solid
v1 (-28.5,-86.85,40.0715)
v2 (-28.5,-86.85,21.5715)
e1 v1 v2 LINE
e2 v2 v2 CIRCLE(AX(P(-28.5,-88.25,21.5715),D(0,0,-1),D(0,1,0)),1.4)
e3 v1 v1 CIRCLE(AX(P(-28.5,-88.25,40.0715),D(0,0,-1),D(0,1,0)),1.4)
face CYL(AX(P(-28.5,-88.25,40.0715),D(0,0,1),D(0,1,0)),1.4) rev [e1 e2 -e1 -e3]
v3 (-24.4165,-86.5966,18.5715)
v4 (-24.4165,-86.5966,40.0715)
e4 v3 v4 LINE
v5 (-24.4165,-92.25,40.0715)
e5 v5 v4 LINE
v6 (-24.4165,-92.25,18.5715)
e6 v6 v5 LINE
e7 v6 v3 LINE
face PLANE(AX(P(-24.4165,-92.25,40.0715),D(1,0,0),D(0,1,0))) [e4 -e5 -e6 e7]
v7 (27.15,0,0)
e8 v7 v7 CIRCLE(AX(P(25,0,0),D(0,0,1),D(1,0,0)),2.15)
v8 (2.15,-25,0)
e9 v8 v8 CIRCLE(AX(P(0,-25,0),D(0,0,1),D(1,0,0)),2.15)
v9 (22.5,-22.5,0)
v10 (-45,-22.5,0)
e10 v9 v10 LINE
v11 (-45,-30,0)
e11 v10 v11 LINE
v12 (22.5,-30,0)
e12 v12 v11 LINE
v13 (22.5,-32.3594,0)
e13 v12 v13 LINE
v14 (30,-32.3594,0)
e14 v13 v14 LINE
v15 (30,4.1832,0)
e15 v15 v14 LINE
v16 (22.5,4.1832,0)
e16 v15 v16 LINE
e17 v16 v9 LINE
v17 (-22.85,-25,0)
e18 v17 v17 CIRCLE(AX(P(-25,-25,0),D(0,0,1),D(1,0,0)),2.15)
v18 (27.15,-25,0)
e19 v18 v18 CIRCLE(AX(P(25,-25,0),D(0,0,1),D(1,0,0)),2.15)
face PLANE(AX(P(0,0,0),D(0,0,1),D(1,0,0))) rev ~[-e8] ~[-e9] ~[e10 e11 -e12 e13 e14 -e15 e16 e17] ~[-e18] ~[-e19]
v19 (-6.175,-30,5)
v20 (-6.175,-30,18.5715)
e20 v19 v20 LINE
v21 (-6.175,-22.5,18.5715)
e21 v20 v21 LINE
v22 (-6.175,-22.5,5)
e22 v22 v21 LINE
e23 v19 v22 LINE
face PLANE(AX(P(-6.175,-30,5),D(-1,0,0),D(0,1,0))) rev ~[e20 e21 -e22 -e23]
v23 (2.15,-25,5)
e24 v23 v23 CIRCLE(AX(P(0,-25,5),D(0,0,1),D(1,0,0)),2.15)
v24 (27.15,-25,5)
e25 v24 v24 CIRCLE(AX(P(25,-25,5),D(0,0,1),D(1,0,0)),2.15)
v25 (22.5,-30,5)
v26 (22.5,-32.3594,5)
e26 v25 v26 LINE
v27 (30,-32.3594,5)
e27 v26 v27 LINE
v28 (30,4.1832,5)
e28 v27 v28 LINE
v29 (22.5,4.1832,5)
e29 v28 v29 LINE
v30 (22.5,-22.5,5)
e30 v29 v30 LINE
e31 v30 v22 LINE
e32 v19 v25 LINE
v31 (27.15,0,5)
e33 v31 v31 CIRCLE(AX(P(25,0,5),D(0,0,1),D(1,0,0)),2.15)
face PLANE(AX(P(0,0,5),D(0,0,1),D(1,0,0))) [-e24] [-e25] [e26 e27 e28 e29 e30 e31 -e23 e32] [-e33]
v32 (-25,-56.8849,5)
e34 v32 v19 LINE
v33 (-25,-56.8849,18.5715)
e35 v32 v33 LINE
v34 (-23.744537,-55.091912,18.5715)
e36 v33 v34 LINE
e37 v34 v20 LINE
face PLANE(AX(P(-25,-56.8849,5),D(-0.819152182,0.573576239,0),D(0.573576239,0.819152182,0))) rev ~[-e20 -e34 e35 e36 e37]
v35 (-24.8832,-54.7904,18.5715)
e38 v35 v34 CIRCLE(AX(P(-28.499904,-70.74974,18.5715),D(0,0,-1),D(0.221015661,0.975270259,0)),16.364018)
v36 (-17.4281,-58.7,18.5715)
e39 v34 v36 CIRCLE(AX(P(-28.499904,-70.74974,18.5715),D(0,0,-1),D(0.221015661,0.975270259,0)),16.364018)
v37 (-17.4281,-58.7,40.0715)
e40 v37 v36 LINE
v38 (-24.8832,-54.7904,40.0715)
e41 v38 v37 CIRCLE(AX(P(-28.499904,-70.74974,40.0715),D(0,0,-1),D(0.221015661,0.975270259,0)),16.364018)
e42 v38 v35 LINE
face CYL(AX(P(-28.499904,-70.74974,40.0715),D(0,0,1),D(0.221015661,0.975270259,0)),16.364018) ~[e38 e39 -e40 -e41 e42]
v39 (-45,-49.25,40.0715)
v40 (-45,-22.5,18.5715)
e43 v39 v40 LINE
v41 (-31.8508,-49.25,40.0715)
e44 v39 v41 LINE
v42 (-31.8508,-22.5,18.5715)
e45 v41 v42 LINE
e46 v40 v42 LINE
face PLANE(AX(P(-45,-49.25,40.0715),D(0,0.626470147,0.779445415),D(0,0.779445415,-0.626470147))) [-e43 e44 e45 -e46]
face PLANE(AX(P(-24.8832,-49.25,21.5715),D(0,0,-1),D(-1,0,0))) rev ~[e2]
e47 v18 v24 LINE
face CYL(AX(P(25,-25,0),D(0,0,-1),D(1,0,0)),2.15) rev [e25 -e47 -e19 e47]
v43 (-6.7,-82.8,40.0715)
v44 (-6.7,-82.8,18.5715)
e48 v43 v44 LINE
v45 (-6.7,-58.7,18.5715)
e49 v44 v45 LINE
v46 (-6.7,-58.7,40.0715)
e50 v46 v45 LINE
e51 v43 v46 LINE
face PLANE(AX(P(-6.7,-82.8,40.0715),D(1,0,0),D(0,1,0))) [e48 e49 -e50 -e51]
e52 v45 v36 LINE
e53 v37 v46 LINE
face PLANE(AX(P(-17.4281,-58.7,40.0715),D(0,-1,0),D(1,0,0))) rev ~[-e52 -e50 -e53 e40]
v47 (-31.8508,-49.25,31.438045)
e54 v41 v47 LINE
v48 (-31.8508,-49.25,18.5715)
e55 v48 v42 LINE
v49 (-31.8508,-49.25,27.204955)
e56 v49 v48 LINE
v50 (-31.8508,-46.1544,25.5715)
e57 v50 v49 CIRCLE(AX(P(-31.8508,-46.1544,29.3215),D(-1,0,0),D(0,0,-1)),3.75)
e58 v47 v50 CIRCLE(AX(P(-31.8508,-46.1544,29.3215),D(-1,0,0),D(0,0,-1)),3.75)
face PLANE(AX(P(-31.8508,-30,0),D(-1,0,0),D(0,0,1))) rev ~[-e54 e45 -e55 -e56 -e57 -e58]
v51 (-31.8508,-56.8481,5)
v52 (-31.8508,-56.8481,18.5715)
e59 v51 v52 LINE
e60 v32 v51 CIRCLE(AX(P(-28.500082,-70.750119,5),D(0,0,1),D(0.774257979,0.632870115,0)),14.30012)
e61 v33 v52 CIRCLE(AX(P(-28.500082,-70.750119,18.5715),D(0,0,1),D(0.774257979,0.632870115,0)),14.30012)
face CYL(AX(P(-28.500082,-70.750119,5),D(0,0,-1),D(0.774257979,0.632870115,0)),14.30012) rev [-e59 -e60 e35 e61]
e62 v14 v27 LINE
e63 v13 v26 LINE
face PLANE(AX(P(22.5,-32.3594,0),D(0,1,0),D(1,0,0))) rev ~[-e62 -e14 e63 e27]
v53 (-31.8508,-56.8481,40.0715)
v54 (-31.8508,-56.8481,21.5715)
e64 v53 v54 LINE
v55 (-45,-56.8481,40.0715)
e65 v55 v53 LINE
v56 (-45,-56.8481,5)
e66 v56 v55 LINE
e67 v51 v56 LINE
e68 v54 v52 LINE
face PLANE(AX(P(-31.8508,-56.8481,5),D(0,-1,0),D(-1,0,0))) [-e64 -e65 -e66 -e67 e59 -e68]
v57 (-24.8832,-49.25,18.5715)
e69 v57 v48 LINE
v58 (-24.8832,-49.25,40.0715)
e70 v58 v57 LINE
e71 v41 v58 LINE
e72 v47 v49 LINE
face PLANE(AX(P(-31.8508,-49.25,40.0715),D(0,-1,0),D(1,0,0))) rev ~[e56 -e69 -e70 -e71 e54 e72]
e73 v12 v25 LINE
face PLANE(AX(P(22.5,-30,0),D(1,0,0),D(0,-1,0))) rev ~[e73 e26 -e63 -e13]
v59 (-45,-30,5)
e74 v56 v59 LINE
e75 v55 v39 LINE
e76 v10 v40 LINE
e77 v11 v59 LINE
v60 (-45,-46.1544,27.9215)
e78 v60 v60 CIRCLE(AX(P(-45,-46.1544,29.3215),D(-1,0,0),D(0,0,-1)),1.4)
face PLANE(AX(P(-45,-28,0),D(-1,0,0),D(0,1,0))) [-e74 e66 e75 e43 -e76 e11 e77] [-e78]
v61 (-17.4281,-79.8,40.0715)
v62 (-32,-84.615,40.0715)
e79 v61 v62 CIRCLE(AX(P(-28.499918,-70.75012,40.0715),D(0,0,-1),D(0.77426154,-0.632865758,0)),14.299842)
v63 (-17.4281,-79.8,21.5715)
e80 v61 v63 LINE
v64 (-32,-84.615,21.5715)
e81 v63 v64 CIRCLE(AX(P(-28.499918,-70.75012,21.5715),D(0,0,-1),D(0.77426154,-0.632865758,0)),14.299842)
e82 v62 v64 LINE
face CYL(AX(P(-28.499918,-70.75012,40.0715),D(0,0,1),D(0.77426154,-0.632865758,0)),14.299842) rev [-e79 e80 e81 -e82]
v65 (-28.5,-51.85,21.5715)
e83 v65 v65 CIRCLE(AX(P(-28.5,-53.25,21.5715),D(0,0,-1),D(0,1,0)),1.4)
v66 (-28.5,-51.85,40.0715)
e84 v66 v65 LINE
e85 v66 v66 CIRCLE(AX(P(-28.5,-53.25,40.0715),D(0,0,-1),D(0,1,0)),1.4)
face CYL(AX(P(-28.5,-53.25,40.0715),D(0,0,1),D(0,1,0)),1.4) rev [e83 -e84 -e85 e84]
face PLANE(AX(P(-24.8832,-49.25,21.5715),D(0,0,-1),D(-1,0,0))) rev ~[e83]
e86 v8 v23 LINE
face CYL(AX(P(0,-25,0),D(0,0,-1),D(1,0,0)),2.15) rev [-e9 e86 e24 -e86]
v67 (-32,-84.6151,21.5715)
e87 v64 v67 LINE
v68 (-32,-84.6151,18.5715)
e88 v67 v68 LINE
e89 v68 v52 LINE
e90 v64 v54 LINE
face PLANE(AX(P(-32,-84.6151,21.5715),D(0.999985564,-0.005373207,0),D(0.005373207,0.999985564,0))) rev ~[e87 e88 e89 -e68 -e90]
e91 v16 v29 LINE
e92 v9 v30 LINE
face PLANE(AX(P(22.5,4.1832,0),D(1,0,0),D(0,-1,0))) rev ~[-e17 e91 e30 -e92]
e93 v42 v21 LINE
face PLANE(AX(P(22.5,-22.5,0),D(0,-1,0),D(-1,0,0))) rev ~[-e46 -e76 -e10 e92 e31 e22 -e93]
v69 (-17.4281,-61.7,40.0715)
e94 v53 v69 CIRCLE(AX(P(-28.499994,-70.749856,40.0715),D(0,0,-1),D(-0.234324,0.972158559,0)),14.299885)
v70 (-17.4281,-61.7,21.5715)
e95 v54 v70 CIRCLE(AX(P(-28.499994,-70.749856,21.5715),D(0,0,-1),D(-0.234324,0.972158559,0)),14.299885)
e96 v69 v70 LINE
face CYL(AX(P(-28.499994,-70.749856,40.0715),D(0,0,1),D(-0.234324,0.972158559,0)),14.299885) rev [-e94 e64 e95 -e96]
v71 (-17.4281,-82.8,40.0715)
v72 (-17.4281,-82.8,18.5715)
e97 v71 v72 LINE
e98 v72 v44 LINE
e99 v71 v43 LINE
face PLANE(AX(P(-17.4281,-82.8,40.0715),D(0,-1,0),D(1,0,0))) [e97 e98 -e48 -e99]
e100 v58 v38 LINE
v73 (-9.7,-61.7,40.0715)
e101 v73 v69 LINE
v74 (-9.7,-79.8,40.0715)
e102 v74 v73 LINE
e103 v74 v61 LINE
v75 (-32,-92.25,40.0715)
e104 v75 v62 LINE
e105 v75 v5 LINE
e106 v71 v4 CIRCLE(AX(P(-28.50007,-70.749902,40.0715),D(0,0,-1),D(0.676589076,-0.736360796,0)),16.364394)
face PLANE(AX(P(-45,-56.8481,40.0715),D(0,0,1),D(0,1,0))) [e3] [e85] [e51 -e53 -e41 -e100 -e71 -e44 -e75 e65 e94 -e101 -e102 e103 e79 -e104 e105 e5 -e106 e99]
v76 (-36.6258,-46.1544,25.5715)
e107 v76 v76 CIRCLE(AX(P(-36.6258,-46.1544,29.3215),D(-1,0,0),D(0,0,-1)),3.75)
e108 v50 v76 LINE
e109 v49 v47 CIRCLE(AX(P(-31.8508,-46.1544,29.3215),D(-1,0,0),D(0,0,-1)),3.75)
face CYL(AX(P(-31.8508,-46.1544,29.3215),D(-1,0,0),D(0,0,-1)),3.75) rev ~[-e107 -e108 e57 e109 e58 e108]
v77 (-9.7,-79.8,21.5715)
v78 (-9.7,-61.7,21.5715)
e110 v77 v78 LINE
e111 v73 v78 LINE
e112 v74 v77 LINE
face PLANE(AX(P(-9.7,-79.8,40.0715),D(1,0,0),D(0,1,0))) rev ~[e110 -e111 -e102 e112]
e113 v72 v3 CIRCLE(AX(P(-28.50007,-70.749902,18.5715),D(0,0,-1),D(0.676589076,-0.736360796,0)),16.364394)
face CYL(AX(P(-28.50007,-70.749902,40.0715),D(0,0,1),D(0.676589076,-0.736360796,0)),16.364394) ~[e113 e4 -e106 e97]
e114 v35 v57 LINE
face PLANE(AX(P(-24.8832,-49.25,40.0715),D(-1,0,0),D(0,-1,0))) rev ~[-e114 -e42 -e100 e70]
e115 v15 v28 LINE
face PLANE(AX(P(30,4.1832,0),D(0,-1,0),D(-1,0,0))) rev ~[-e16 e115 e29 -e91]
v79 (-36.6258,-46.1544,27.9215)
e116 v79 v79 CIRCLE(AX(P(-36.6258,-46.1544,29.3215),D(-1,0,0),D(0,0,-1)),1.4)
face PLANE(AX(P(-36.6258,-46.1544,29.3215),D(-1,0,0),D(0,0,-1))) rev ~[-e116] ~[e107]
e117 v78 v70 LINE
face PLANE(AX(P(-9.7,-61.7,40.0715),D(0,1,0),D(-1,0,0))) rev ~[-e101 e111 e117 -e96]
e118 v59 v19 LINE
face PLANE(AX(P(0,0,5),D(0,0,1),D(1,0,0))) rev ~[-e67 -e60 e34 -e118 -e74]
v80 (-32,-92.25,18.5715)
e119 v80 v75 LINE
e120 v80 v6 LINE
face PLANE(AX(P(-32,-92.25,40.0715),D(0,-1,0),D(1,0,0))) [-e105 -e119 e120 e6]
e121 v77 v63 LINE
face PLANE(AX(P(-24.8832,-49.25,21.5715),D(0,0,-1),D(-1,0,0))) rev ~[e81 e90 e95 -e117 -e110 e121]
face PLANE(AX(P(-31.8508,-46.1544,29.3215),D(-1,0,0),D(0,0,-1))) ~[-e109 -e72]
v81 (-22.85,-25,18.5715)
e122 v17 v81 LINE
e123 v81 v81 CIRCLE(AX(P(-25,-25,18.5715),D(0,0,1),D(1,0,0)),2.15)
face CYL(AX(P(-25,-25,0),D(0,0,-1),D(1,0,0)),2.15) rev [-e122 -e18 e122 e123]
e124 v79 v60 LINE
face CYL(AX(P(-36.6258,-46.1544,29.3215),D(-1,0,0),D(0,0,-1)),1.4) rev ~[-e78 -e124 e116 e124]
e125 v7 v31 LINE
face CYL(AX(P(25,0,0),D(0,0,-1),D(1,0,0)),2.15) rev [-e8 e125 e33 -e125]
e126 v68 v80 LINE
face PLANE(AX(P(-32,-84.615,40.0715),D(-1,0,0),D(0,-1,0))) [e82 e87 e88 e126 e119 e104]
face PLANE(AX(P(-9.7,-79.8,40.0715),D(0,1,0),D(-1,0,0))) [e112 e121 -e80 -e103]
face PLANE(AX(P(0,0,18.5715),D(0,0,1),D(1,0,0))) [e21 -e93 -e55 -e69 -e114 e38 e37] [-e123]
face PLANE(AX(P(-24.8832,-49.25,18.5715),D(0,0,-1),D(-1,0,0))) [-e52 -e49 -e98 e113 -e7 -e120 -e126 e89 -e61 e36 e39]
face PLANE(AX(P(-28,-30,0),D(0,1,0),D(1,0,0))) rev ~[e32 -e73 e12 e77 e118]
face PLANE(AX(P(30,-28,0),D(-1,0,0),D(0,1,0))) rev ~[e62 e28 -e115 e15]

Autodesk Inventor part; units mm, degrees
ref_plane "YZ Plane" through (0, 0, 0) normal (1, 0, 0) x (0, 1, 0)
ref_plane "XZ Plane" through (0, 0, 0) normal (0, 1, 0) x (-1, 0, 0)
ref_plane "Work Plane1" through (0, 0, 0) normal (0, 0, 1) x (1, 0, 0)
sketch "Sketch1" plane through (0, 0, 0) normal (0, 0, 1) x (1, 0, 0)
  line L0 (-45, 22) -> (22, 22) projected
  line L1 (22, 22) -> (22, -22) projected
  line L2 (22, -22) -> (-45, -22) projected
  line L3 (-45, -28) -> (-45, -22) projected
  line L4 (-30, -28) -> (-45, -28) projected
  line L5 (-30, -28) -> (-28, -30) projected
  line L6 (-28, -30) -> (28, -30) projected
  line L7 (28, -30) -> (30, -28) projected
  line L8 (30, -28) -> (30, 28) projected
  line L9 (30, 28) -> (28, 30) projected
  line L10 (28, 30) -> (-28, 30) projected
  line L11 (-28, 30) -> (-30, 28) projected
  line L12 (-30, 28) -> (-45, 28) projected
  line L13 (-45, 22) -> (-45, 28) projected
  circle A0 centre (25, 25) radius 1.95 projected
  circle A1 centre (25, 0) radius 1.95 projected
  circle A2 centre (0, 25) radius 1.95 projected
  circle A3 centre (-25, -25) radius 1.95 projected
  circle A4 centre (25, -25) radius 1.95 projected
  circle A5 centre (-25, 25) radius 1.95 projected
  circle A6 centre (0, -25) radius 1.95 projected
  line L14 (30, 4.1832) -> (22.5, 4.1832)
  line L15 (22.5, 4.1832) -> (22.5, -32.3594)
  line L16 (22.5, -32.3594) -> (30, -32.3594)
  line L17 (30, -32.3594) -> (30, 4.1832)
  line L18 (22.5, -22.5) -> (-45, -22.5)
  line L19 (-45, -22.5) -> (-45, -30)
  line L20 (-45, -30) -> (22.5, -30)
  line L21 (22.5, -30) -> (22.5, -22.5)
  circle A7 centre (25, 0) radius 2.15
  circle A8 centre (25, -25) radius 2.15
  circle A9 centre (0, -25) radius 2.15
  circle A10 centre (-25, -25) radius 2.15
  point P0 (0, 0)
  dimension "d0" = 0
  dimension "d1" = 0.5
  dimension "d2" = 0.5
  dimension "d3" = 0.2
  dimension "d4" = 0.2
  dimension "d5" = 0.2
  dimension "d6" = 0.2
extrude "Extrusion1" add sketch "Sketch1" along normal blind 5 contours L18 L15 L6 L5 L4 L3 | L4 L5 L20 L19 | L15 L14 L8 L7 L6 | L6 L7 L17 L16 L15
ref_plane "Work Plane2" through (-32, -78.0277, 40.0715) normal (0, 0, -1) x (0, 1, 0)
sketch "Sketch2" plane through (-32, -78.0277, 40.0715) normal (0, 0, -1) x (0, 1, 0)
  arc A0 (-8.1223, 3.5) -> (-12.3223, 3.5) centre (-10.2223, 3.5) ccw projected
  arc A1 (-1.4723, 14.4287) -> (-6.2777, 7) centre (7.2777, 3.5) ccw projected
  arc A2 (20.8332, 7) -> (16.0277, 14.4287) centre (7.2777, 3.5) ccw projected
  arc A3 (22.6777, 3.5) -> (26.8777, 3.5) centre (24.7777, 3.5) ccw projected
  line L0 (-6.2777, 0) -> (-10.2223, 0) projected
  arc A4 (-6.7223, 3.5) -> (21.2777, 3.5) centre (7.2777, 3.5) ccw projected
  line L1 (-6.5873, 0) -> (-14.2223, 0)
  line L2 (-14.2223, 0) -> (-14.2223, 7.5835)
  line L3 (-14.2223, 7.5835) -> (-8.5689, 7.5835)
  line L4 (21.1796, 0.1492) -> (27.0132, 0.1492)
  line L5 (27.0132, 0.1492) -> (28.7777, 0.1492)
  line L6 (28.7777, 0.1492) -> (28.7777, 7.1168)
  line L7 (28.7777, 7.1168) -> (23.2373, 7.1168)
  circle A5 centre (24.7777, 3.5) radius 1.4
  circle A6 centre (-10.2223, 3.5) radius 1.4
  line L8 (-1.7723, 14.5719) -> (-4.7723, 14.5719)
  line L9 (-4.7723, 14.5719) -> (-4.7723, 25.3)
  line L10 (-4.7723, 25.3) -> (-1.7723, 25.3)
  line L11 (-1.7723, 25.3) -> (-1.7723, 14.5719)
  line L12 (16.3277, 14.5719) -> (19.3277, 14.5719)
  line L13 (19.3277, 14.5719) -> (19.3277, 25.3)
  line L14 (19.3277, 25.3) -> (16.3277, 25.3)
  line L15 (16.3277, 25.3) -> (16.3277, 14.5719)
  line L16 (16.3277, 25.3) -> (-1.7723, 25.3)
  line L17 (-1.7723, 25.3) -> (-1.7723, 22.3)
  line L18 (-1.7723, 22.3) -> (16.3277, 22.3)
  line L19 (16.3277, 22.3) -> (16.3277, 25.3)
  arc A7 (21.1796, 0.1492) -> (16.3277, 14.5719) centre (7.2777, 3.5) ccw
  arc A8 (-1.7723, 14.5719) -> (-6.5873, 0) centre (7.2777, 3.5) ccw
  arc A9 (23.2373, 7.1168) -> (19.3277, 14.5719) centre (7.2777, 3.5) ccw
  arc A10 (-4.7723, 14.5719) -> (-8.5689, 7.5835) centre (7.2777, 3.5) ccw
  line L20 (-1.4723, 22) -> (16.0277, 22)
  point P0 (78.0277, 32)
  dimension "d14" = 2.8
  dimension "d15" = 2.8
  dimension "d16" = 4
  dimension "d17" = 4
  dimension "d33" = 3
  dimension "d36" = 3
  dimension "d37" = 3
  dimension "d40" = 0.3
  dimension "d41" = 0.3
  dimension "d42" = 0.3
  dimension "d43" = 0.3
  dimension "d44" = 0.3
ref_plane "Work Plane3" through (-42.5, -74.75, 21.5715) normal (0, 0, -1) x (0, 1, 0)
extrude "Extrusion2" add sketch "Sketch2" along normal up to surface (18.5 mm away)
sketch "Sketch3" plane through (-24.8832, -49.25, 21.5715) normal (0, 0, -1) x (-1, 0, 0)
  arc A0 (6.9676, -7.5981) -> (-7.4551, -12.45) centre (3.6168, -21.5) ccw projected
  line L0 (6.9676, 0) -> (6.9676, -7.5981) projected
  line L1 (0, 0) -> (6.9676, 0) projected
  line L2 (0, -5.5404) -> (0, 0) projected
  arc A1 (0, -5.5404) -> (-7.4551, -9.45) centre (3.6168, -21.5) ccw projected
  circle A2 centre (3.6168, -4) radius 1.4 projected
  arc A3 (6.9676, -7.5981) -> (-7.4551, -12.45) centre (3.6168, -21.5) ccw projected
  line L3 (-18.1832, -9.45) -> (-7.4551, -9.45) projected
  line L4 (-15.1832, -12.45) -> (-15.1832, -30.55) projected
  line L5 (-7.4551, -12.45) -> (-15.1832, -12.45) projected
  line L6 (-18.1832, -33.55) -> (-18.1832, -9.45) projected
  line L7 (-7.4551, -33.55) -> (-18.1832, -33.55) projected
  arc A4 (-7.4551, -33.55) -> (-0.4667, -37.3466) centre (3.6168, -21.5) ccw projected
  line L8 (-0.4667, -43) -> (-0.4667, -37.3466) projected
  line L9 (7.1168, -43) -> (-0.4667, -43) projected
  line L10 (7.1168, -35.3651) -> (7.1168, -43) projected
  arc A5 (-7.4551, -30.55) -> (7.1168, -35.3651) centre (3.6168, -21.5) ccw projected
  line L11 (-15.1832, -30.55) -> (-7.4551, -30.55) projected
  line L12 (7.1168, -35.3651) -> (6.9676, -7.5981)
  point P0 (-24.8832, 49.25)
  point P1 (7.3934, -35.5712)
extrude "Extrusion3" add sketch "Sketch3" along normal blind 3 contours L12 A5 L11 L4 L5 A0 | A0 L5 L4 L11 A5 L10 L9 L8 A4 L7 L6 L3 A1 L2 L1 L0 | A2
sketch "Sketch4" plane through (0, 0, 5) normal (0, 0, 1) x (1, 0, 0)
  circle A0 centre (25, 0) radius 2.15 projected
  circle A1 centre (25, -25) radius 2.15 projected
  circle A2 centre (-25, -25) radius 2.15 projected
  circle A3 centre (0, -25) radius 2.15 projected
  line L0 (22.5, -22.5) -> (-45, -22.5) projected
  line L1 (-45, -22.5) -> (-45, -30) projected
  line L2 (-45, -30) -> (22.5, -30) projected
  line L3 (22.5, -30) -> (22.5, -32.3594) projected
  line L4 (22.5, -32.3594) -> (30, -32.3594) projected
  line L5 (30, -32.3594) -> (30, 4.1832) projected
  line L6 (30, 4.1832) -> (22.5, 4.1832) projected
  line L7 (22.5, 4.1832) -> (22.5, -22.5) projected
  arc A4 (-25, -57.1946) -> (-32, -57.1946) centre (-28.5, -70.75) ccw projected
  line L8 (-45, -22.5) -> (-45, -30) projected
  arc A5 (-17.4281, -61.7) -> (-31.8508, -56.8481) centre (-28.5, -70.75) ccw projected
  line L9 (-45, -22.5) -> (-31.8508, -22.5)
  line L10 (-31.8508, -22.5) -> (-31.8508, -56.8481)
  line L11 (-31.8508, -56.8481) -> (-45, -56.8481)
  line L12 (-45, -56.8481) -> (-45, -22.5)
  line L13 (-25, -56.8849) -> (-6.175, -30)
  line L14 (-45, -30) -> (22.5, -30) projected
  line L15 (-25, -56.8849) -> (7.8204, -56.8849) construction
  line L16 (-6.175, -30) -> (-6.175, -22.5)
  line L17 (22.5, -22.5) -> (-45, -22.5) projected
  line L18 (-25, -53.25) -> (-25, -57.1946) projected
  line L19 (-31.8508, -22.5) -> (-6.175, -22.5)
  line L20 (-6.175, -22.5) -> (-6.175, -30)
  line L21 (-6.175, -30) -> (-31.8508, -30)
  line L22 (-31.8508, -30) -> (-31.8508, -22.5)
  point P0 (0, 0)
  point P1 (-32, -84.6151)
  dimension "d20" = 55
extrude "Extrusion4" add sketch "Sketch4" along normal up to surface (13.5715 mm away) contours L16 L2 L10 L0 | L10 L2 L1 L0 | L13 A5 L10 L2 | L10 L11 L12 L2
sketch "Sketch5" plane through (-45, -30, 0) normal (-1, 0, 0) x (0, 0, 1)
  line L0 (40.0715, -26.8481) -> (40.0715, -19.25) projected
  line L1 (40.0715, -19.25) -> (18.5715, -19.25) projected
  line L2 (18.5715, -26.8481) -> (18.5715, 7.5) projected
  line L3 (40.0715, -26.8481) -> (40.0715, -19.25) projected
  line L4 (0, 7.5) -> (18.5715, 7.5) projected
  line L5 (40.0715, -19.25) -> (18.5715, 7.5)
  line L6 (40.0715, -26.8481) -> (21.5715, -26.8481) projected
  line L7 (21.5715, -26.8481) -> (18.5715, -26.8481) projected
  line L8 (18.5715, -26.8481) -> (18.5715, -19.25) projected
  line L9 (40.0715, -19.25) -> (18.5715, -19.25)
  line L10 (18.5715, -19.25) -> (18.5715, 7.5)
  line L11 (18.5715, 7.5) -> (40.0715, -19.25)
  line L12 (40.0715, -19.25) -> (18.5715, -19.25)
  line L13 (18.5715, -19.25) -> (18.5715, -26.8481)
  line L14 (18.5715, -26.8481) -> (40.0715, -26.8481)
  line L15 (40.0715, -26.8481) -> (40.0715, -19.25)
  point P0 (0, 30)
  point P1 (5, 7.5)
extrude "Extrusion5" add sketch "Sketch5" against normal up to surface (13.1492 mm away)
sketch "Sketch6" plane through (-31.8508, -49.25, 18.5715) normal (1, 0, 0) x (0, 0, -1)
  line L0 (-21.5, 0) -> (0, 0) projected
  line L1 (0, 26.75) -> (0, 0) projected
  circle A0 centre (-10.75, 3.0956) radius 1.4
  line L2 (0, 26.75) -> (-21.5, 0) projected
  point P0 (18.5715, 49.25)
  dimension "d25" = 2.8
hole "Hole1" at (-31.8508, -46.1544, 29.3215) direction (-1, 0, 0) diameter 2.8 depth 20 tip angle 118 counterbore diameter 7.5 counterbore depth 4.775
properties part number "cellSTORM_v5_focusmotormount"
